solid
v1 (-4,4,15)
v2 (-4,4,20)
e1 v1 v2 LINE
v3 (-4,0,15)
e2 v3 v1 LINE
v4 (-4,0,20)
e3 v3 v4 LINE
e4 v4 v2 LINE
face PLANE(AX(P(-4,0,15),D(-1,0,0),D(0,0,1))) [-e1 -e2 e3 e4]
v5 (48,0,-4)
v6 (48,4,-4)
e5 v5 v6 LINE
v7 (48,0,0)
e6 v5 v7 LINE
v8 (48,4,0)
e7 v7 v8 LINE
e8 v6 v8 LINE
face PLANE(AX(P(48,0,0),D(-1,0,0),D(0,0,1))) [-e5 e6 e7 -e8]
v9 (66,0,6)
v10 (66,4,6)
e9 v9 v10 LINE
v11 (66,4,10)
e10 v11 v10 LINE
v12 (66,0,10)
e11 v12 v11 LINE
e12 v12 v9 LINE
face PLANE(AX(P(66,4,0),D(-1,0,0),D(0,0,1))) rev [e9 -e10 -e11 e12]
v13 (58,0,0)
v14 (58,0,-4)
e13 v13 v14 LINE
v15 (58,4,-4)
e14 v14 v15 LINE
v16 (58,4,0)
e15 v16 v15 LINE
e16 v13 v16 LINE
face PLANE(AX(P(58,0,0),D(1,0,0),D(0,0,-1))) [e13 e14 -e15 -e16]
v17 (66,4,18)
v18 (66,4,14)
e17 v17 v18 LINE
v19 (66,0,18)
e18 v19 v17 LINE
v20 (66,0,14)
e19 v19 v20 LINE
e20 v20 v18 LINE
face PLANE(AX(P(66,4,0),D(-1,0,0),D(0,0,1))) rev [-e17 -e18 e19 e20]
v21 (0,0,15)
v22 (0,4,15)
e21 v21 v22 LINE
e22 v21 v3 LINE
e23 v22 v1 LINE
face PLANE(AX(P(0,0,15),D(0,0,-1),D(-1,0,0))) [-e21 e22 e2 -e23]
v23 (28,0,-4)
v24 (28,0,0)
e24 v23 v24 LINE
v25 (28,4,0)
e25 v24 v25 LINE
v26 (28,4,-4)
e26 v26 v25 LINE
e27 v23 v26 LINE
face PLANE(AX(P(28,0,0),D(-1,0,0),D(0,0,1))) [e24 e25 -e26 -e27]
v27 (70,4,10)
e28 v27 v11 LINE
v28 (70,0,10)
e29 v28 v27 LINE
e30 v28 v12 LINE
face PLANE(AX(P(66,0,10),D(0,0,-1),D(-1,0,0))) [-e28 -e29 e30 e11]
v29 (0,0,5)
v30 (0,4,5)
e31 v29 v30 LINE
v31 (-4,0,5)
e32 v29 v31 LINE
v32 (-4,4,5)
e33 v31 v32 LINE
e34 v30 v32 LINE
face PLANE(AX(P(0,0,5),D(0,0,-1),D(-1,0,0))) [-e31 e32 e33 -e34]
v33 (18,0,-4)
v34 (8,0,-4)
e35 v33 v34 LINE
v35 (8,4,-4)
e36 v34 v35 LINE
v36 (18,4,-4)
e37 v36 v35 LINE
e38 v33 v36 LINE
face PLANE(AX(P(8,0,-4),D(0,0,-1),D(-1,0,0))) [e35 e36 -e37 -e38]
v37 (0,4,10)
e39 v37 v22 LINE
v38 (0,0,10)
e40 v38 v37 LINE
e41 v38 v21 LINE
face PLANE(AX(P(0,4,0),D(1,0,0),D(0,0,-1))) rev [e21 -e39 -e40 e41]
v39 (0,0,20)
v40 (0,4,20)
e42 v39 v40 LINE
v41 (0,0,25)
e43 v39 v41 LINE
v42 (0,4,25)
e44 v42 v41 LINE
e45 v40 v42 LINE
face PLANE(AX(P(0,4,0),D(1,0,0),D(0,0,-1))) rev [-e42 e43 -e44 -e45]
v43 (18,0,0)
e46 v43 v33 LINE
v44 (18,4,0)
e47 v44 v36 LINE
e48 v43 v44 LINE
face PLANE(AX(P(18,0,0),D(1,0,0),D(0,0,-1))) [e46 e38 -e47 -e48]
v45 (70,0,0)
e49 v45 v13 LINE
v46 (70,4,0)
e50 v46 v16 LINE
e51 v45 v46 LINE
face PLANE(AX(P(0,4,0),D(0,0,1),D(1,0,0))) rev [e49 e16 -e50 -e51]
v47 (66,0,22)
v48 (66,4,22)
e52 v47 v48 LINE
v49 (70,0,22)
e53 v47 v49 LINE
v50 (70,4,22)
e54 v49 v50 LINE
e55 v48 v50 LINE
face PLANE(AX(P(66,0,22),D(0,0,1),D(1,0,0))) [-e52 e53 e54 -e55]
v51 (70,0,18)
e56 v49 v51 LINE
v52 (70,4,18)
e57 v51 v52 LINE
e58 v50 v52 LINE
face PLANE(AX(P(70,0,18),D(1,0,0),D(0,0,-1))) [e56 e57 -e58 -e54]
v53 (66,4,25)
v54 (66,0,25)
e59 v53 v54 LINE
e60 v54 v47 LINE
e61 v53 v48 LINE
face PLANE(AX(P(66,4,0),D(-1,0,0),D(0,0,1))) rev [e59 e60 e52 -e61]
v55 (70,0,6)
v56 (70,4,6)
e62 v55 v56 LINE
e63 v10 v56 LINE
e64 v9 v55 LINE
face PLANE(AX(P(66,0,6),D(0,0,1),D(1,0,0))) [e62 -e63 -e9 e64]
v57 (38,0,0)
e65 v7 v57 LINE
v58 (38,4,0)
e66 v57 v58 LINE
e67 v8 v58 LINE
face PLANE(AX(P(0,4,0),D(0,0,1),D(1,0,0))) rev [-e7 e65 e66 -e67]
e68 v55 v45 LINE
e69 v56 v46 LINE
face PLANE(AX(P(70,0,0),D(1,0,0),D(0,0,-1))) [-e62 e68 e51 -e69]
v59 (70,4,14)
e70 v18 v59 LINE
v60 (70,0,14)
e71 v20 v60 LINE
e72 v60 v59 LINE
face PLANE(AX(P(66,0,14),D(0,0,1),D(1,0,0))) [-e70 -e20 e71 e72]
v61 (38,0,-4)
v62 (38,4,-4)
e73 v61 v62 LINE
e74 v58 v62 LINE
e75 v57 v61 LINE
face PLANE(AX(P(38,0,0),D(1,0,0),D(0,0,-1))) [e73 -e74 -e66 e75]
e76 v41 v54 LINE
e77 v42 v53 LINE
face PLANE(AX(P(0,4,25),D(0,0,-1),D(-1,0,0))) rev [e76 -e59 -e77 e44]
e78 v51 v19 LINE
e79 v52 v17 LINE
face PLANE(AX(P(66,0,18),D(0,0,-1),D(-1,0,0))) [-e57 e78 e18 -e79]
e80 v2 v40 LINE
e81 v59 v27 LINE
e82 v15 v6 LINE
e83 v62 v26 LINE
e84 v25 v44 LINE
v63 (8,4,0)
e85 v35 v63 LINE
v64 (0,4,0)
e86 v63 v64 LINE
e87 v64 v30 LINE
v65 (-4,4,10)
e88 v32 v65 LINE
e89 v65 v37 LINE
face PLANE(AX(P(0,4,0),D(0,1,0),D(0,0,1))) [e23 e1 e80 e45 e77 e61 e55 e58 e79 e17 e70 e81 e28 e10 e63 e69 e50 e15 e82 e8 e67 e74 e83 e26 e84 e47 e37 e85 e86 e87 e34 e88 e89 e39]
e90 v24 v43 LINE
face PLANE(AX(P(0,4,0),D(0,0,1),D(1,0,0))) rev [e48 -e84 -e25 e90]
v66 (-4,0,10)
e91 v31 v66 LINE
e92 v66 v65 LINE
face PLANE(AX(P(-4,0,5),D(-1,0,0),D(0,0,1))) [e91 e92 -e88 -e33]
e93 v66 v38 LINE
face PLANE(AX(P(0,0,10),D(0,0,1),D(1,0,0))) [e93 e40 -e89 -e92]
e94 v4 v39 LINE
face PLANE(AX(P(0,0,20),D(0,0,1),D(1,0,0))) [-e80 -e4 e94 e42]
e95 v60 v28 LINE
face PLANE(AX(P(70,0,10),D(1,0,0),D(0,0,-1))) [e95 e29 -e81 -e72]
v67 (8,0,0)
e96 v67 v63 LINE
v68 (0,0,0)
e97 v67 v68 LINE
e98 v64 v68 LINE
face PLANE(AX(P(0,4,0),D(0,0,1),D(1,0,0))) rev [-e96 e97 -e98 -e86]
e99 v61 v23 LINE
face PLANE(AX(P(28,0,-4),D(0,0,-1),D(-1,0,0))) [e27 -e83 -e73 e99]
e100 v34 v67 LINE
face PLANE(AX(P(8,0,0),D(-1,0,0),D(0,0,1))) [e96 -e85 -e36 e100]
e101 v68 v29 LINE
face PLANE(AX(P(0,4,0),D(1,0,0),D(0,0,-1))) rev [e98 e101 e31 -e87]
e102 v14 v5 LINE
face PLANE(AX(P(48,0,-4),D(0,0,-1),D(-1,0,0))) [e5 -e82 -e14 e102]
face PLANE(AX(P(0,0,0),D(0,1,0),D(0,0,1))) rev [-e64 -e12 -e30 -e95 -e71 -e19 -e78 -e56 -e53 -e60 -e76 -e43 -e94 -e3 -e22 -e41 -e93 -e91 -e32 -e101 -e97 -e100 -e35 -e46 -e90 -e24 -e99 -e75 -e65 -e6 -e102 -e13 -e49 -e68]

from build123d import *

# Parameters (mm, degrees)
SKETCH1_W           = 66
SKETCH1_H           = 25
BOSS_EXTRUDE1_DEPTH = 4
SKETCH2_W           = 4
SKETCH2_H           = 5
BOSS_EXTRUDE2_DEPTH = 4
LPATTERN1_COUNT     = 2
LPATTERN1_PITCH     = 10
SKETCH3_W           = 10
SKETCH3_H           = 4
BOSS_EXTRUDE3_DEPTH = 4
LPATTERN2_COUNT     = 2
LPATTERN2_PITCH     = 20
LPATTERN2_COL_COUNT = 2
LPATTERN2_COL_PITCH = 20
SKETCH5_W           = 4
SKETCH5_H           = 6
SKETCH5_H_2         = 4
BOSS_EXTRUDE4_DEPTH = 4


with BuildPart() as part:
    # Sketch1 → Boss-Extrude1 (new body)
    with BuildSketch(Plane(origin=(0, 0, 0), x_dir=(1, 0, 0), z_dir=(0, 1, 0))):
        with Locations((33, -12.5)):
            Rectangle(SKETCH1_W, SKETCH1_H)
    extrude(amount=BOSS_EXTRUDE1_DEPTH)

    # Sketch2 → Boss-Extrude2 (add, through all)
    with BuildSketch(Plane(origin=(0, 4, 0), x_dir=(1, 0, 0), z_dir=(0, 1, 0))):
        with Locations((-2, -7.5)):
            Rectangle(SKETCH2_W, SKETCH2_H)
    boss_extrude2 = extrude(amount=-BOSS_EXTRUDE2_DEPTH)

    # LPattern1: Boss-Extrude2 ×2
    with Locations(*[(0, 0, i * LPATTERN1_PITCH) for i in range(1, LPATTERN1_COUNT)]):
        add(boss_extrude2)

    # Sketch3 → Boss-Extrude3 (add, through all)
    with BuildSketch(Plane(origin=(0, 4, 0), x_dir=(1, 0, 0), z_dir=(0, 1, 0))):
        with Locations((33, 2)):
            Rectangle(SKETCH3_W, SKETCH3_H)
    boss_extrude3 = extrude(amount=-BOSS_EXTRUDE3_DEPTH)

    # LPattern2: Boss-Extrude3 ×2
    with Locations(*[(i * LPATTERN2_PITCH, 0, 0) for i in range(1, LPATTERN2_COUNT)]):
        add(boss_extrude3)

    # LPattern2 col: Boss-Extrude3 ×2
    with Locations(*[(-i * LPATTERN2_COL_PITCH, 0, 0) for i in range(1, LPATTERN2_COL_COUNT)]):
        add(boss_extrude3)

    # Sketch5 → Boss-Extrude4 (add, through all)
    with BuildSketch(Plane(origin=(0, 4, 0), x_dir=(1, 0, 0), z_dir=(0, 1, 0))):
        with Locations((68, -3)):
            Rectangle(SKETCH5_W, SKETCH5_H)
        with Locations((68, -12)):
            Rectangle(SKETCH5_W, SKETCH5_H_2)
        with Locations((68, -20)):
            Rectangle(SKETCH5_W, SKETCH5_H_2)
    extrude(amount=-BOSS_EXTRUDE4_DEPTH)


solid = part.part
